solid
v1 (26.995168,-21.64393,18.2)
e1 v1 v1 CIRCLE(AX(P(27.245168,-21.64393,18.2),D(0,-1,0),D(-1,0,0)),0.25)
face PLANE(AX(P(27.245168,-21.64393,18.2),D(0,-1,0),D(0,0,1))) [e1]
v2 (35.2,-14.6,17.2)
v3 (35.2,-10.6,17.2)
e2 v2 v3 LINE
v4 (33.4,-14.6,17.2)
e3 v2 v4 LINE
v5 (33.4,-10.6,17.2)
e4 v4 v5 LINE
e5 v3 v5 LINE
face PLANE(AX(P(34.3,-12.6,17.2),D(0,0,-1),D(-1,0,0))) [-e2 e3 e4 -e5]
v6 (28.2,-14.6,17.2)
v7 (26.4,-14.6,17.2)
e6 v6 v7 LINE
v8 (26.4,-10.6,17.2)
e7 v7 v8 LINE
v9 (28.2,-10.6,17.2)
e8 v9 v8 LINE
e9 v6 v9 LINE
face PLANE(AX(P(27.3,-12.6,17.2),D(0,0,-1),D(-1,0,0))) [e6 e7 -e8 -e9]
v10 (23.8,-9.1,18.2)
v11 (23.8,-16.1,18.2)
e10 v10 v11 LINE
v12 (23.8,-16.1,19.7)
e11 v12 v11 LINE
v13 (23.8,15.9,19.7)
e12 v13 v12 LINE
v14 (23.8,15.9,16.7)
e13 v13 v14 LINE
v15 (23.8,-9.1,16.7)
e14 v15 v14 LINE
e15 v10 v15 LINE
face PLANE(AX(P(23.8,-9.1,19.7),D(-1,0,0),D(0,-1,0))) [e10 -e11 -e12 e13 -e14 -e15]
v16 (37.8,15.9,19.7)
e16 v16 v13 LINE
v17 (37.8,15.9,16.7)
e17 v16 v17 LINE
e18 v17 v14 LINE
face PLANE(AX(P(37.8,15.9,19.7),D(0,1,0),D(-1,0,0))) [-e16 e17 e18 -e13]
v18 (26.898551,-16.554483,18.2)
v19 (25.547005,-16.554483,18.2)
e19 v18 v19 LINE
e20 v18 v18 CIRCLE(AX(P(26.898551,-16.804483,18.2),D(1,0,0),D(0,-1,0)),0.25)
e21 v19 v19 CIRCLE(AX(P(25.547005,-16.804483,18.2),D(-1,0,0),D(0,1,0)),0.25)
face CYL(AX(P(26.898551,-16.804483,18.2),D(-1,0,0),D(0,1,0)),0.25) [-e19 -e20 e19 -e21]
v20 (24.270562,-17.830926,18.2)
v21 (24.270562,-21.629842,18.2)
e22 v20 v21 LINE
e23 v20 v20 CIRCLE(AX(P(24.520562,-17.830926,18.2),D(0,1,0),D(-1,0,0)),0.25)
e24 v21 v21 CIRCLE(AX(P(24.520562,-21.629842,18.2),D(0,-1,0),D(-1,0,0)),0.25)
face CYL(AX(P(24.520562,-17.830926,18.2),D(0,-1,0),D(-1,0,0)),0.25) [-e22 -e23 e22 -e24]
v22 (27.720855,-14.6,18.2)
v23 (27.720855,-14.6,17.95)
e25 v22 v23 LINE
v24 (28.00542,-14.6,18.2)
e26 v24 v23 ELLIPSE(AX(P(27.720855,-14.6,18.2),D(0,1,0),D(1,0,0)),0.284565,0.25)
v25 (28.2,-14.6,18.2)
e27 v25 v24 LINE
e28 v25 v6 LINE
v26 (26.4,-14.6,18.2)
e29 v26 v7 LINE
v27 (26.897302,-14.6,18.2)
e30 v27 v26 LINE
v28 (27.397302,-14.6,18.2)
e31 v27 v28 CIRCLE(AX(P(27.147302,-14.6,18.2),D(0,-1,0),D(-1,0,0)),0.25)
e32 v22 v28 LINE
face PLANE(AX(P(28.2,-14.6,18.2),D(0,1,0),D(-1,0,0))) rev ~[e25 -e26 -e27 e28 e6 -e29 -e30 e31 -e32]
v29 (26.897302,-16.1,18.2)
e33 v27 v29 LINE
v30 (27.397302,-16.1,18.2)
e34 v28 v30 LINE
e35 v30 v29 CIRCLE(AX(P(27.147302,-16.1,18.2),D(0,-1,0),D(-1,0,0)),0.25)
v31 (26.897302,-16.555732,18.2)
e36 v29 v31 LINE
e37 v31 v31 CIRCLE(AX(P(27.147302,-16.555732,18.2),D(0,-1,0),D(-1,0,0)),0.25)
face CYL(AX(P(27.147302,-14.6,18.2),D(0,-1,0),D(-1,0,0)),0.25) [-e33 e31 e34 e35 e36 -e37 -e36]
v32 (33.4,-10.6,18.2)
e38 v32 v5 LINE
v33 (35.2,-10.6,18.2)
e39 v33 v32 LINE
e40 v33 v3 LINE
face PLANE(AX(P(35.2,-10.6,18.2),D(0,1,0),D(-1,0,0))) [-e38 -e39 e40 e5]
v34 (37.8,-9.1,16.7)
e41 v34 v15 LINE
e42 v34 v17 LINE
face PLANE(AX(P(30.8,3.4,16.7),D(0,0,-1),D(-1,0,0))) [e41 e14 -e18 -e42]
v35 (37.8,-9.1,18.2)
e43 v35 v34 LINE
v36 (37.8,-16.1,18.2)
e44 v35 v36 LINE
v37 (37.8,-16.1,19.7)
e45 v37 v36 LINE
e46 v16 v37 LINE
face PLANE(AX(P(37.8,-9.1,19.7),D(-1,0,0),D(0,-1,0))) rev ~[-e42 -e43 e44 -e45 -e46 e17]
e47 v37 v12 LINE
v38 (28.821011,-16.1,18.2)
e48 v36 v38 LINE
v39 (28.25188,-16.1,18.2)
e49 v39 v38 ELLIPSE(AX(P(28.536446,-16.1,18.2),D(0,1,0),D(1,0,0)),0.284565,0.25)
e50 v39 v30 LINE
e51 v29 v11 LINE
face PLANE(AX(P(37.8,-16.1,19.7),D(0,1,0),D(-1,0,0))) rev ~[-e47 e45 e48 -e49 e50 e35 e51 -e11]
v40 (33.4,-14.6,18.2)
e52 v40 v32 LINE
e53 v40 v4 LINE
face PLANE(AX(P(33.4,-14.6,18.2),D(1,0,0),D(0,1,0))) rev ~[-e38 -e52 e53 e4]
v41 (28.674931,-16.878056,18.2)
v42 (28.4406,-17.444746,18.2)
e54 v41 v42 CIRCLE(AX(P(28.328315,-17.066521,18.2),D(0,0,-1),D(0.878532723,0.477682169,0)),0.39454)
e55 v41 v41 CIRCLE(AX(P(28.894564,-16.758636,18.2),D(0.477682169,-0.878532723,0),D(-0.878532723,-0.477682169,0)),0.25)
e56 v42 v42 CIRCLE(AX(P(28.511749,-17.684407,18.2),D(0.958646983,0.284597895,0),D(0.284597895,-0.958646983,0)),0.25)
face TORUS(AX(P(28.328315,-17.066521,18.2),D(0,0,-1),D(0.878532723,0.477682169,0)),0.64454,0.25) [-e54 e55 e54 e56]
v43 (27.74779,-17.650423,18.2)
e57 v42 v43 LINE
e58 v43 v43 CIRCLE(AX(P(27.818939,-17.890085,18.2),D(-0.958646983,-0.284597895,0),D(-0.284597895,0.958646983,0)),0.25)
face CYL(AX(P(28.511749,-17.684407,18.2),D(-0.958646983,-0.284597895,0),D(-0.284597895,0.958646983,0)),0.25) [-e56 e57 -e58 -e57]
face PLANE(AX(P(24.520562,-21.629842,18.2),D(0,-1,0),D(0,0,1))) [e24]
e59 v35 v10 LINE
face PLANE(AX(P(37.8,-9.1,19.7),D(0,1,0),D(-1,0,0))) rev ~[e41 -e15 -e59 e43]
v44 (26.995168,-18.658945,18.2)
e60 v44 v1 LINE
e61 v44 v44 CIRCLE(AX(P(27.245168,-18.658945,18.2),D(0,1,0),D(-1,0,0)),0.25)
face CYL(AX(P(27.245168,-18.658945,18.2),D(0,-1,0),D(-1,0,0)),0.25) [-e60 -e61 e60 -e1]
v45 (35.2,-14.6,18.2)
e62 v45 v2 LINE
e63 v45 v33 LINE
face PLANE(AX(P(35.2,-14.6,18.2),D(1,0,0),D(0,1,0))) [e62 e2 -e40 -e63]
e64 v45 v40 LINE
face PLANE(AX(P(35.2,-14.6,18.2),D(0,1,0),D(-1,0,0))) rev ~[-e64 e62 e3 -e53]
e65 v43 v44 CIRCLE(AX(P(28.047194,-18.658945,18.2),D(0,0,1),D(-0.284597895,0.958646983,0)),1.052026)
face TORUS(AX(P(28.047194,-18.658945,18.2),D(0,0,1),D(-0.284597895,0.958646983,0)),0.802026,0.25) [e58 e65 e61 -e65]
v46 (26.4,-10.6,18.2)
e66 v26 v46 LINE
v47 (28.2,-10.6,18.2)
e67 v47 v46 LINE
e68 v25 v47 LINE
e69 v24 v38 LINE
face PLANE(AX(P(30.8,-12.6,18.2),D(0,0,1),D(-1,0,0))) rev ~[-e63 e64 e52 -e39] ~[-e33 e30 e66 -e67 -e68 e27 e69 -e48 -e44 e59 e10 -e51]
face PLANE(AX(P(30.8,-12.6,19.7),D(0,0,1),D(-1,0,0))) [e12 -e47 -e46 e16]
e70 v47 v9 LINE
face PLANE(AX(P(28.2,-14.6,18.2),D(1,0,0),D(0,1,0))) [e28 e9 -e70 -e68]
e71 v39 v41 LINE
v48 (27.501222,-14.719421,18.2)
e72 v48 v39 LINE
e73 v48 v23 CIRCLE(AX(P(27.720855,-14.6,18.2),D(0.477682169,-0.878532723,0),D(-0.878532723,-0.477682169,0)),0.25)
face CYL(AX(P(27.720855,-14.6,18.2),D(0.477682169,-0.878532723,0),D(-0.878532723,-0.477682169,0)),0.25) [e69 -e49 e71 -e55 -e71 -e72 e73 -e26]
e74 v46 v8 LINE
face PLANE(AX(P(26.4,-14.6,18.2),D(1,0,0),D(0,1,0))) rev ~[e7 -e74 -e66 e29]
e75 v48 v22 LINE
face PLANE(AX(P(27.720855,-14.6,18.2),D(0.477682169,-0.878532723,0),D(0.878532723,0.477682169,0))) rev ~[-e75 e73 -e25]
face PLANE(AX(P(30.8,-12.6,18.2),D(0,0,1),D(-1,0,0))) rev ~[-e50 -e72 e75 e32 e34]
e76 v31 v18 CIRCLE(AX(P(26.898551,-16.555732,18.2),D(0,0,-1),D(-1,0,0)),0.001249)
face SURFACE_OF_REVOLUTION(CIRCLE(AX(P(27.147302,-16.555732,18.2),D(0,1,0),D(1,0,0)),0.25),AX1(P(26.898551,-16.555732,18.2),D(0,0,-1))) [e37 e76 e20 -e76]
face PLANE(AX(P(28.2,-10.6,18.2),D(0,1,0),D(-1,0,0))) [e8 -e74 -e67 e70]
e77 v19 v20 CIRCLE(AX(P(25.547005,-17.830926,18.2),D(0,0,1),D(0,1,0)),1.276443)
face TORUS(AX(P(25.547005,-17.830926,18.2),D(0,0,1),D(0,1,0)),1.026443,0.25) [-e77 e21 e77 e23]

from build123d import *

# Parameters (mm, degrees)
SKETCH013_W             = 14
SKETCH013_H             = 25
PAD011_DEPTH            = 3
SKETCH014_W             = 14
SKETCH014_H             = 7
PAD012_DEPTH            = 1.5
SKETCH015_W             = 1.8
SKETCH015_H             = 4
PAD013_DEPTH            = 1
SKETCH017_R             = 0.25
SKETCH019_R             = 0.25
BODY004_PLACEMENT_ANGLE = 180


with BuildPart() as part:
    # Sketch013 → Pad011 (new body)
    with BuildSketch(Plane.XY):
        Rectangle(SKETCH013_W, SKETCH013_H)
    extrude(amount=PAD011_DEPTH)

    # Sketch014 (on Face5 of Pad011) → Pad012 (join)
    with BuildSketch(Plane(origin=(0, 0, 0), x_dir=(1, 0, 0), z_dir=(0, 0, -1))):
        with Locations((0, 16)):
            Rectangle(SKETCH014_W, SKETCH014_H)
    extrude(amount=-PAD012_DEPTH)

    # Sketch015 (on Face11 of Pad012) → Pad013 (join)
    with BuildSketch(Plane.XY.offset(1.5)):
        with Locations((-3.5, -16)):
            Rectangle(SKETCH015_W, SKETCH015_H)
        with Locations((3.5, -16)):
            Rectangle(SKETCH015_W, SKETCH015_H)
    extrude(amount=PAD013_DEPTH)

    # AdditivePipe: sweep along a path in Sketch016
    with BuildLine(Plane.XY.offset(1.5)) as additivepipe_path:
        Line((3.652698, -18), (3.652698, -19.955732))
        ThreePointArc((3.652698, -19.955732), (3.7255554811, -20.1316255189), (3.901449, -20.204483))
        Line((3.901449, -20.204483), (5.252995, -20.204483))
        ThreePointArc((5.252995, -20.204483), (5.9787998058, -20.5051211942), (6.279438, -21.230926))
        Line((6.279438, -21.230926), (6.279438, -25.029842))
    # Sketch017 (on DatumPlane) → AdditivePipe (sweep)
    with BuildSketch(Plane(origin=(6.279438, -25.029842, 1.5), x_dir=(1, 0, 0), z_dir=(0, -1, 0))):
        Circle(SKETCH017_R)
    sweep(path=additivepipe_path.line)

    # AdditivePipe001: sweep along a path in Sketch018
    with BuildLine(Plane.XY.offset(1.5)) as additivepipe001_path:
        Line((3.079145, -18), (1.9054359958, -20.158635665))
        ThreePointArc((1.9054359958, -20.158635665), (1.8760598704, -20.7128173949), (2.2882507497, -21.0844072569))
        Line((2.2882507497, -21.0844072569), (2.9810609114, -21.2900849643))
        ThreePointArc((2.9810609114, -21.2900849643), (3.3955781518, -21.5792681435), (3.554832, -22.0589447695))
        Line((3.554832, -22.0589447695), (3.554832, -25.04393))
    # Sketch019 (on DatumPlane) → AdditivePipe001 (sweep)
    with BuildSketch(Plane(origin=(3.554832, -25.04393, 1.5), x_dir=(1, 0, 0), z_dir=(0, -1, 0))):
        Circle(SKETCH019_R)
    sweep(path=additivepipe001_path.line)


with BuildPart() as part_1:
    # Body004 placement: moved
    add(part.part.moved(Location((30.8, 3.4, 19.7))).rotate(Axis((30.8, 3.4, 19.7), (0, 1, 0)), BODY004_PLACEMENT_ANGLE))


solid = part_1.part
